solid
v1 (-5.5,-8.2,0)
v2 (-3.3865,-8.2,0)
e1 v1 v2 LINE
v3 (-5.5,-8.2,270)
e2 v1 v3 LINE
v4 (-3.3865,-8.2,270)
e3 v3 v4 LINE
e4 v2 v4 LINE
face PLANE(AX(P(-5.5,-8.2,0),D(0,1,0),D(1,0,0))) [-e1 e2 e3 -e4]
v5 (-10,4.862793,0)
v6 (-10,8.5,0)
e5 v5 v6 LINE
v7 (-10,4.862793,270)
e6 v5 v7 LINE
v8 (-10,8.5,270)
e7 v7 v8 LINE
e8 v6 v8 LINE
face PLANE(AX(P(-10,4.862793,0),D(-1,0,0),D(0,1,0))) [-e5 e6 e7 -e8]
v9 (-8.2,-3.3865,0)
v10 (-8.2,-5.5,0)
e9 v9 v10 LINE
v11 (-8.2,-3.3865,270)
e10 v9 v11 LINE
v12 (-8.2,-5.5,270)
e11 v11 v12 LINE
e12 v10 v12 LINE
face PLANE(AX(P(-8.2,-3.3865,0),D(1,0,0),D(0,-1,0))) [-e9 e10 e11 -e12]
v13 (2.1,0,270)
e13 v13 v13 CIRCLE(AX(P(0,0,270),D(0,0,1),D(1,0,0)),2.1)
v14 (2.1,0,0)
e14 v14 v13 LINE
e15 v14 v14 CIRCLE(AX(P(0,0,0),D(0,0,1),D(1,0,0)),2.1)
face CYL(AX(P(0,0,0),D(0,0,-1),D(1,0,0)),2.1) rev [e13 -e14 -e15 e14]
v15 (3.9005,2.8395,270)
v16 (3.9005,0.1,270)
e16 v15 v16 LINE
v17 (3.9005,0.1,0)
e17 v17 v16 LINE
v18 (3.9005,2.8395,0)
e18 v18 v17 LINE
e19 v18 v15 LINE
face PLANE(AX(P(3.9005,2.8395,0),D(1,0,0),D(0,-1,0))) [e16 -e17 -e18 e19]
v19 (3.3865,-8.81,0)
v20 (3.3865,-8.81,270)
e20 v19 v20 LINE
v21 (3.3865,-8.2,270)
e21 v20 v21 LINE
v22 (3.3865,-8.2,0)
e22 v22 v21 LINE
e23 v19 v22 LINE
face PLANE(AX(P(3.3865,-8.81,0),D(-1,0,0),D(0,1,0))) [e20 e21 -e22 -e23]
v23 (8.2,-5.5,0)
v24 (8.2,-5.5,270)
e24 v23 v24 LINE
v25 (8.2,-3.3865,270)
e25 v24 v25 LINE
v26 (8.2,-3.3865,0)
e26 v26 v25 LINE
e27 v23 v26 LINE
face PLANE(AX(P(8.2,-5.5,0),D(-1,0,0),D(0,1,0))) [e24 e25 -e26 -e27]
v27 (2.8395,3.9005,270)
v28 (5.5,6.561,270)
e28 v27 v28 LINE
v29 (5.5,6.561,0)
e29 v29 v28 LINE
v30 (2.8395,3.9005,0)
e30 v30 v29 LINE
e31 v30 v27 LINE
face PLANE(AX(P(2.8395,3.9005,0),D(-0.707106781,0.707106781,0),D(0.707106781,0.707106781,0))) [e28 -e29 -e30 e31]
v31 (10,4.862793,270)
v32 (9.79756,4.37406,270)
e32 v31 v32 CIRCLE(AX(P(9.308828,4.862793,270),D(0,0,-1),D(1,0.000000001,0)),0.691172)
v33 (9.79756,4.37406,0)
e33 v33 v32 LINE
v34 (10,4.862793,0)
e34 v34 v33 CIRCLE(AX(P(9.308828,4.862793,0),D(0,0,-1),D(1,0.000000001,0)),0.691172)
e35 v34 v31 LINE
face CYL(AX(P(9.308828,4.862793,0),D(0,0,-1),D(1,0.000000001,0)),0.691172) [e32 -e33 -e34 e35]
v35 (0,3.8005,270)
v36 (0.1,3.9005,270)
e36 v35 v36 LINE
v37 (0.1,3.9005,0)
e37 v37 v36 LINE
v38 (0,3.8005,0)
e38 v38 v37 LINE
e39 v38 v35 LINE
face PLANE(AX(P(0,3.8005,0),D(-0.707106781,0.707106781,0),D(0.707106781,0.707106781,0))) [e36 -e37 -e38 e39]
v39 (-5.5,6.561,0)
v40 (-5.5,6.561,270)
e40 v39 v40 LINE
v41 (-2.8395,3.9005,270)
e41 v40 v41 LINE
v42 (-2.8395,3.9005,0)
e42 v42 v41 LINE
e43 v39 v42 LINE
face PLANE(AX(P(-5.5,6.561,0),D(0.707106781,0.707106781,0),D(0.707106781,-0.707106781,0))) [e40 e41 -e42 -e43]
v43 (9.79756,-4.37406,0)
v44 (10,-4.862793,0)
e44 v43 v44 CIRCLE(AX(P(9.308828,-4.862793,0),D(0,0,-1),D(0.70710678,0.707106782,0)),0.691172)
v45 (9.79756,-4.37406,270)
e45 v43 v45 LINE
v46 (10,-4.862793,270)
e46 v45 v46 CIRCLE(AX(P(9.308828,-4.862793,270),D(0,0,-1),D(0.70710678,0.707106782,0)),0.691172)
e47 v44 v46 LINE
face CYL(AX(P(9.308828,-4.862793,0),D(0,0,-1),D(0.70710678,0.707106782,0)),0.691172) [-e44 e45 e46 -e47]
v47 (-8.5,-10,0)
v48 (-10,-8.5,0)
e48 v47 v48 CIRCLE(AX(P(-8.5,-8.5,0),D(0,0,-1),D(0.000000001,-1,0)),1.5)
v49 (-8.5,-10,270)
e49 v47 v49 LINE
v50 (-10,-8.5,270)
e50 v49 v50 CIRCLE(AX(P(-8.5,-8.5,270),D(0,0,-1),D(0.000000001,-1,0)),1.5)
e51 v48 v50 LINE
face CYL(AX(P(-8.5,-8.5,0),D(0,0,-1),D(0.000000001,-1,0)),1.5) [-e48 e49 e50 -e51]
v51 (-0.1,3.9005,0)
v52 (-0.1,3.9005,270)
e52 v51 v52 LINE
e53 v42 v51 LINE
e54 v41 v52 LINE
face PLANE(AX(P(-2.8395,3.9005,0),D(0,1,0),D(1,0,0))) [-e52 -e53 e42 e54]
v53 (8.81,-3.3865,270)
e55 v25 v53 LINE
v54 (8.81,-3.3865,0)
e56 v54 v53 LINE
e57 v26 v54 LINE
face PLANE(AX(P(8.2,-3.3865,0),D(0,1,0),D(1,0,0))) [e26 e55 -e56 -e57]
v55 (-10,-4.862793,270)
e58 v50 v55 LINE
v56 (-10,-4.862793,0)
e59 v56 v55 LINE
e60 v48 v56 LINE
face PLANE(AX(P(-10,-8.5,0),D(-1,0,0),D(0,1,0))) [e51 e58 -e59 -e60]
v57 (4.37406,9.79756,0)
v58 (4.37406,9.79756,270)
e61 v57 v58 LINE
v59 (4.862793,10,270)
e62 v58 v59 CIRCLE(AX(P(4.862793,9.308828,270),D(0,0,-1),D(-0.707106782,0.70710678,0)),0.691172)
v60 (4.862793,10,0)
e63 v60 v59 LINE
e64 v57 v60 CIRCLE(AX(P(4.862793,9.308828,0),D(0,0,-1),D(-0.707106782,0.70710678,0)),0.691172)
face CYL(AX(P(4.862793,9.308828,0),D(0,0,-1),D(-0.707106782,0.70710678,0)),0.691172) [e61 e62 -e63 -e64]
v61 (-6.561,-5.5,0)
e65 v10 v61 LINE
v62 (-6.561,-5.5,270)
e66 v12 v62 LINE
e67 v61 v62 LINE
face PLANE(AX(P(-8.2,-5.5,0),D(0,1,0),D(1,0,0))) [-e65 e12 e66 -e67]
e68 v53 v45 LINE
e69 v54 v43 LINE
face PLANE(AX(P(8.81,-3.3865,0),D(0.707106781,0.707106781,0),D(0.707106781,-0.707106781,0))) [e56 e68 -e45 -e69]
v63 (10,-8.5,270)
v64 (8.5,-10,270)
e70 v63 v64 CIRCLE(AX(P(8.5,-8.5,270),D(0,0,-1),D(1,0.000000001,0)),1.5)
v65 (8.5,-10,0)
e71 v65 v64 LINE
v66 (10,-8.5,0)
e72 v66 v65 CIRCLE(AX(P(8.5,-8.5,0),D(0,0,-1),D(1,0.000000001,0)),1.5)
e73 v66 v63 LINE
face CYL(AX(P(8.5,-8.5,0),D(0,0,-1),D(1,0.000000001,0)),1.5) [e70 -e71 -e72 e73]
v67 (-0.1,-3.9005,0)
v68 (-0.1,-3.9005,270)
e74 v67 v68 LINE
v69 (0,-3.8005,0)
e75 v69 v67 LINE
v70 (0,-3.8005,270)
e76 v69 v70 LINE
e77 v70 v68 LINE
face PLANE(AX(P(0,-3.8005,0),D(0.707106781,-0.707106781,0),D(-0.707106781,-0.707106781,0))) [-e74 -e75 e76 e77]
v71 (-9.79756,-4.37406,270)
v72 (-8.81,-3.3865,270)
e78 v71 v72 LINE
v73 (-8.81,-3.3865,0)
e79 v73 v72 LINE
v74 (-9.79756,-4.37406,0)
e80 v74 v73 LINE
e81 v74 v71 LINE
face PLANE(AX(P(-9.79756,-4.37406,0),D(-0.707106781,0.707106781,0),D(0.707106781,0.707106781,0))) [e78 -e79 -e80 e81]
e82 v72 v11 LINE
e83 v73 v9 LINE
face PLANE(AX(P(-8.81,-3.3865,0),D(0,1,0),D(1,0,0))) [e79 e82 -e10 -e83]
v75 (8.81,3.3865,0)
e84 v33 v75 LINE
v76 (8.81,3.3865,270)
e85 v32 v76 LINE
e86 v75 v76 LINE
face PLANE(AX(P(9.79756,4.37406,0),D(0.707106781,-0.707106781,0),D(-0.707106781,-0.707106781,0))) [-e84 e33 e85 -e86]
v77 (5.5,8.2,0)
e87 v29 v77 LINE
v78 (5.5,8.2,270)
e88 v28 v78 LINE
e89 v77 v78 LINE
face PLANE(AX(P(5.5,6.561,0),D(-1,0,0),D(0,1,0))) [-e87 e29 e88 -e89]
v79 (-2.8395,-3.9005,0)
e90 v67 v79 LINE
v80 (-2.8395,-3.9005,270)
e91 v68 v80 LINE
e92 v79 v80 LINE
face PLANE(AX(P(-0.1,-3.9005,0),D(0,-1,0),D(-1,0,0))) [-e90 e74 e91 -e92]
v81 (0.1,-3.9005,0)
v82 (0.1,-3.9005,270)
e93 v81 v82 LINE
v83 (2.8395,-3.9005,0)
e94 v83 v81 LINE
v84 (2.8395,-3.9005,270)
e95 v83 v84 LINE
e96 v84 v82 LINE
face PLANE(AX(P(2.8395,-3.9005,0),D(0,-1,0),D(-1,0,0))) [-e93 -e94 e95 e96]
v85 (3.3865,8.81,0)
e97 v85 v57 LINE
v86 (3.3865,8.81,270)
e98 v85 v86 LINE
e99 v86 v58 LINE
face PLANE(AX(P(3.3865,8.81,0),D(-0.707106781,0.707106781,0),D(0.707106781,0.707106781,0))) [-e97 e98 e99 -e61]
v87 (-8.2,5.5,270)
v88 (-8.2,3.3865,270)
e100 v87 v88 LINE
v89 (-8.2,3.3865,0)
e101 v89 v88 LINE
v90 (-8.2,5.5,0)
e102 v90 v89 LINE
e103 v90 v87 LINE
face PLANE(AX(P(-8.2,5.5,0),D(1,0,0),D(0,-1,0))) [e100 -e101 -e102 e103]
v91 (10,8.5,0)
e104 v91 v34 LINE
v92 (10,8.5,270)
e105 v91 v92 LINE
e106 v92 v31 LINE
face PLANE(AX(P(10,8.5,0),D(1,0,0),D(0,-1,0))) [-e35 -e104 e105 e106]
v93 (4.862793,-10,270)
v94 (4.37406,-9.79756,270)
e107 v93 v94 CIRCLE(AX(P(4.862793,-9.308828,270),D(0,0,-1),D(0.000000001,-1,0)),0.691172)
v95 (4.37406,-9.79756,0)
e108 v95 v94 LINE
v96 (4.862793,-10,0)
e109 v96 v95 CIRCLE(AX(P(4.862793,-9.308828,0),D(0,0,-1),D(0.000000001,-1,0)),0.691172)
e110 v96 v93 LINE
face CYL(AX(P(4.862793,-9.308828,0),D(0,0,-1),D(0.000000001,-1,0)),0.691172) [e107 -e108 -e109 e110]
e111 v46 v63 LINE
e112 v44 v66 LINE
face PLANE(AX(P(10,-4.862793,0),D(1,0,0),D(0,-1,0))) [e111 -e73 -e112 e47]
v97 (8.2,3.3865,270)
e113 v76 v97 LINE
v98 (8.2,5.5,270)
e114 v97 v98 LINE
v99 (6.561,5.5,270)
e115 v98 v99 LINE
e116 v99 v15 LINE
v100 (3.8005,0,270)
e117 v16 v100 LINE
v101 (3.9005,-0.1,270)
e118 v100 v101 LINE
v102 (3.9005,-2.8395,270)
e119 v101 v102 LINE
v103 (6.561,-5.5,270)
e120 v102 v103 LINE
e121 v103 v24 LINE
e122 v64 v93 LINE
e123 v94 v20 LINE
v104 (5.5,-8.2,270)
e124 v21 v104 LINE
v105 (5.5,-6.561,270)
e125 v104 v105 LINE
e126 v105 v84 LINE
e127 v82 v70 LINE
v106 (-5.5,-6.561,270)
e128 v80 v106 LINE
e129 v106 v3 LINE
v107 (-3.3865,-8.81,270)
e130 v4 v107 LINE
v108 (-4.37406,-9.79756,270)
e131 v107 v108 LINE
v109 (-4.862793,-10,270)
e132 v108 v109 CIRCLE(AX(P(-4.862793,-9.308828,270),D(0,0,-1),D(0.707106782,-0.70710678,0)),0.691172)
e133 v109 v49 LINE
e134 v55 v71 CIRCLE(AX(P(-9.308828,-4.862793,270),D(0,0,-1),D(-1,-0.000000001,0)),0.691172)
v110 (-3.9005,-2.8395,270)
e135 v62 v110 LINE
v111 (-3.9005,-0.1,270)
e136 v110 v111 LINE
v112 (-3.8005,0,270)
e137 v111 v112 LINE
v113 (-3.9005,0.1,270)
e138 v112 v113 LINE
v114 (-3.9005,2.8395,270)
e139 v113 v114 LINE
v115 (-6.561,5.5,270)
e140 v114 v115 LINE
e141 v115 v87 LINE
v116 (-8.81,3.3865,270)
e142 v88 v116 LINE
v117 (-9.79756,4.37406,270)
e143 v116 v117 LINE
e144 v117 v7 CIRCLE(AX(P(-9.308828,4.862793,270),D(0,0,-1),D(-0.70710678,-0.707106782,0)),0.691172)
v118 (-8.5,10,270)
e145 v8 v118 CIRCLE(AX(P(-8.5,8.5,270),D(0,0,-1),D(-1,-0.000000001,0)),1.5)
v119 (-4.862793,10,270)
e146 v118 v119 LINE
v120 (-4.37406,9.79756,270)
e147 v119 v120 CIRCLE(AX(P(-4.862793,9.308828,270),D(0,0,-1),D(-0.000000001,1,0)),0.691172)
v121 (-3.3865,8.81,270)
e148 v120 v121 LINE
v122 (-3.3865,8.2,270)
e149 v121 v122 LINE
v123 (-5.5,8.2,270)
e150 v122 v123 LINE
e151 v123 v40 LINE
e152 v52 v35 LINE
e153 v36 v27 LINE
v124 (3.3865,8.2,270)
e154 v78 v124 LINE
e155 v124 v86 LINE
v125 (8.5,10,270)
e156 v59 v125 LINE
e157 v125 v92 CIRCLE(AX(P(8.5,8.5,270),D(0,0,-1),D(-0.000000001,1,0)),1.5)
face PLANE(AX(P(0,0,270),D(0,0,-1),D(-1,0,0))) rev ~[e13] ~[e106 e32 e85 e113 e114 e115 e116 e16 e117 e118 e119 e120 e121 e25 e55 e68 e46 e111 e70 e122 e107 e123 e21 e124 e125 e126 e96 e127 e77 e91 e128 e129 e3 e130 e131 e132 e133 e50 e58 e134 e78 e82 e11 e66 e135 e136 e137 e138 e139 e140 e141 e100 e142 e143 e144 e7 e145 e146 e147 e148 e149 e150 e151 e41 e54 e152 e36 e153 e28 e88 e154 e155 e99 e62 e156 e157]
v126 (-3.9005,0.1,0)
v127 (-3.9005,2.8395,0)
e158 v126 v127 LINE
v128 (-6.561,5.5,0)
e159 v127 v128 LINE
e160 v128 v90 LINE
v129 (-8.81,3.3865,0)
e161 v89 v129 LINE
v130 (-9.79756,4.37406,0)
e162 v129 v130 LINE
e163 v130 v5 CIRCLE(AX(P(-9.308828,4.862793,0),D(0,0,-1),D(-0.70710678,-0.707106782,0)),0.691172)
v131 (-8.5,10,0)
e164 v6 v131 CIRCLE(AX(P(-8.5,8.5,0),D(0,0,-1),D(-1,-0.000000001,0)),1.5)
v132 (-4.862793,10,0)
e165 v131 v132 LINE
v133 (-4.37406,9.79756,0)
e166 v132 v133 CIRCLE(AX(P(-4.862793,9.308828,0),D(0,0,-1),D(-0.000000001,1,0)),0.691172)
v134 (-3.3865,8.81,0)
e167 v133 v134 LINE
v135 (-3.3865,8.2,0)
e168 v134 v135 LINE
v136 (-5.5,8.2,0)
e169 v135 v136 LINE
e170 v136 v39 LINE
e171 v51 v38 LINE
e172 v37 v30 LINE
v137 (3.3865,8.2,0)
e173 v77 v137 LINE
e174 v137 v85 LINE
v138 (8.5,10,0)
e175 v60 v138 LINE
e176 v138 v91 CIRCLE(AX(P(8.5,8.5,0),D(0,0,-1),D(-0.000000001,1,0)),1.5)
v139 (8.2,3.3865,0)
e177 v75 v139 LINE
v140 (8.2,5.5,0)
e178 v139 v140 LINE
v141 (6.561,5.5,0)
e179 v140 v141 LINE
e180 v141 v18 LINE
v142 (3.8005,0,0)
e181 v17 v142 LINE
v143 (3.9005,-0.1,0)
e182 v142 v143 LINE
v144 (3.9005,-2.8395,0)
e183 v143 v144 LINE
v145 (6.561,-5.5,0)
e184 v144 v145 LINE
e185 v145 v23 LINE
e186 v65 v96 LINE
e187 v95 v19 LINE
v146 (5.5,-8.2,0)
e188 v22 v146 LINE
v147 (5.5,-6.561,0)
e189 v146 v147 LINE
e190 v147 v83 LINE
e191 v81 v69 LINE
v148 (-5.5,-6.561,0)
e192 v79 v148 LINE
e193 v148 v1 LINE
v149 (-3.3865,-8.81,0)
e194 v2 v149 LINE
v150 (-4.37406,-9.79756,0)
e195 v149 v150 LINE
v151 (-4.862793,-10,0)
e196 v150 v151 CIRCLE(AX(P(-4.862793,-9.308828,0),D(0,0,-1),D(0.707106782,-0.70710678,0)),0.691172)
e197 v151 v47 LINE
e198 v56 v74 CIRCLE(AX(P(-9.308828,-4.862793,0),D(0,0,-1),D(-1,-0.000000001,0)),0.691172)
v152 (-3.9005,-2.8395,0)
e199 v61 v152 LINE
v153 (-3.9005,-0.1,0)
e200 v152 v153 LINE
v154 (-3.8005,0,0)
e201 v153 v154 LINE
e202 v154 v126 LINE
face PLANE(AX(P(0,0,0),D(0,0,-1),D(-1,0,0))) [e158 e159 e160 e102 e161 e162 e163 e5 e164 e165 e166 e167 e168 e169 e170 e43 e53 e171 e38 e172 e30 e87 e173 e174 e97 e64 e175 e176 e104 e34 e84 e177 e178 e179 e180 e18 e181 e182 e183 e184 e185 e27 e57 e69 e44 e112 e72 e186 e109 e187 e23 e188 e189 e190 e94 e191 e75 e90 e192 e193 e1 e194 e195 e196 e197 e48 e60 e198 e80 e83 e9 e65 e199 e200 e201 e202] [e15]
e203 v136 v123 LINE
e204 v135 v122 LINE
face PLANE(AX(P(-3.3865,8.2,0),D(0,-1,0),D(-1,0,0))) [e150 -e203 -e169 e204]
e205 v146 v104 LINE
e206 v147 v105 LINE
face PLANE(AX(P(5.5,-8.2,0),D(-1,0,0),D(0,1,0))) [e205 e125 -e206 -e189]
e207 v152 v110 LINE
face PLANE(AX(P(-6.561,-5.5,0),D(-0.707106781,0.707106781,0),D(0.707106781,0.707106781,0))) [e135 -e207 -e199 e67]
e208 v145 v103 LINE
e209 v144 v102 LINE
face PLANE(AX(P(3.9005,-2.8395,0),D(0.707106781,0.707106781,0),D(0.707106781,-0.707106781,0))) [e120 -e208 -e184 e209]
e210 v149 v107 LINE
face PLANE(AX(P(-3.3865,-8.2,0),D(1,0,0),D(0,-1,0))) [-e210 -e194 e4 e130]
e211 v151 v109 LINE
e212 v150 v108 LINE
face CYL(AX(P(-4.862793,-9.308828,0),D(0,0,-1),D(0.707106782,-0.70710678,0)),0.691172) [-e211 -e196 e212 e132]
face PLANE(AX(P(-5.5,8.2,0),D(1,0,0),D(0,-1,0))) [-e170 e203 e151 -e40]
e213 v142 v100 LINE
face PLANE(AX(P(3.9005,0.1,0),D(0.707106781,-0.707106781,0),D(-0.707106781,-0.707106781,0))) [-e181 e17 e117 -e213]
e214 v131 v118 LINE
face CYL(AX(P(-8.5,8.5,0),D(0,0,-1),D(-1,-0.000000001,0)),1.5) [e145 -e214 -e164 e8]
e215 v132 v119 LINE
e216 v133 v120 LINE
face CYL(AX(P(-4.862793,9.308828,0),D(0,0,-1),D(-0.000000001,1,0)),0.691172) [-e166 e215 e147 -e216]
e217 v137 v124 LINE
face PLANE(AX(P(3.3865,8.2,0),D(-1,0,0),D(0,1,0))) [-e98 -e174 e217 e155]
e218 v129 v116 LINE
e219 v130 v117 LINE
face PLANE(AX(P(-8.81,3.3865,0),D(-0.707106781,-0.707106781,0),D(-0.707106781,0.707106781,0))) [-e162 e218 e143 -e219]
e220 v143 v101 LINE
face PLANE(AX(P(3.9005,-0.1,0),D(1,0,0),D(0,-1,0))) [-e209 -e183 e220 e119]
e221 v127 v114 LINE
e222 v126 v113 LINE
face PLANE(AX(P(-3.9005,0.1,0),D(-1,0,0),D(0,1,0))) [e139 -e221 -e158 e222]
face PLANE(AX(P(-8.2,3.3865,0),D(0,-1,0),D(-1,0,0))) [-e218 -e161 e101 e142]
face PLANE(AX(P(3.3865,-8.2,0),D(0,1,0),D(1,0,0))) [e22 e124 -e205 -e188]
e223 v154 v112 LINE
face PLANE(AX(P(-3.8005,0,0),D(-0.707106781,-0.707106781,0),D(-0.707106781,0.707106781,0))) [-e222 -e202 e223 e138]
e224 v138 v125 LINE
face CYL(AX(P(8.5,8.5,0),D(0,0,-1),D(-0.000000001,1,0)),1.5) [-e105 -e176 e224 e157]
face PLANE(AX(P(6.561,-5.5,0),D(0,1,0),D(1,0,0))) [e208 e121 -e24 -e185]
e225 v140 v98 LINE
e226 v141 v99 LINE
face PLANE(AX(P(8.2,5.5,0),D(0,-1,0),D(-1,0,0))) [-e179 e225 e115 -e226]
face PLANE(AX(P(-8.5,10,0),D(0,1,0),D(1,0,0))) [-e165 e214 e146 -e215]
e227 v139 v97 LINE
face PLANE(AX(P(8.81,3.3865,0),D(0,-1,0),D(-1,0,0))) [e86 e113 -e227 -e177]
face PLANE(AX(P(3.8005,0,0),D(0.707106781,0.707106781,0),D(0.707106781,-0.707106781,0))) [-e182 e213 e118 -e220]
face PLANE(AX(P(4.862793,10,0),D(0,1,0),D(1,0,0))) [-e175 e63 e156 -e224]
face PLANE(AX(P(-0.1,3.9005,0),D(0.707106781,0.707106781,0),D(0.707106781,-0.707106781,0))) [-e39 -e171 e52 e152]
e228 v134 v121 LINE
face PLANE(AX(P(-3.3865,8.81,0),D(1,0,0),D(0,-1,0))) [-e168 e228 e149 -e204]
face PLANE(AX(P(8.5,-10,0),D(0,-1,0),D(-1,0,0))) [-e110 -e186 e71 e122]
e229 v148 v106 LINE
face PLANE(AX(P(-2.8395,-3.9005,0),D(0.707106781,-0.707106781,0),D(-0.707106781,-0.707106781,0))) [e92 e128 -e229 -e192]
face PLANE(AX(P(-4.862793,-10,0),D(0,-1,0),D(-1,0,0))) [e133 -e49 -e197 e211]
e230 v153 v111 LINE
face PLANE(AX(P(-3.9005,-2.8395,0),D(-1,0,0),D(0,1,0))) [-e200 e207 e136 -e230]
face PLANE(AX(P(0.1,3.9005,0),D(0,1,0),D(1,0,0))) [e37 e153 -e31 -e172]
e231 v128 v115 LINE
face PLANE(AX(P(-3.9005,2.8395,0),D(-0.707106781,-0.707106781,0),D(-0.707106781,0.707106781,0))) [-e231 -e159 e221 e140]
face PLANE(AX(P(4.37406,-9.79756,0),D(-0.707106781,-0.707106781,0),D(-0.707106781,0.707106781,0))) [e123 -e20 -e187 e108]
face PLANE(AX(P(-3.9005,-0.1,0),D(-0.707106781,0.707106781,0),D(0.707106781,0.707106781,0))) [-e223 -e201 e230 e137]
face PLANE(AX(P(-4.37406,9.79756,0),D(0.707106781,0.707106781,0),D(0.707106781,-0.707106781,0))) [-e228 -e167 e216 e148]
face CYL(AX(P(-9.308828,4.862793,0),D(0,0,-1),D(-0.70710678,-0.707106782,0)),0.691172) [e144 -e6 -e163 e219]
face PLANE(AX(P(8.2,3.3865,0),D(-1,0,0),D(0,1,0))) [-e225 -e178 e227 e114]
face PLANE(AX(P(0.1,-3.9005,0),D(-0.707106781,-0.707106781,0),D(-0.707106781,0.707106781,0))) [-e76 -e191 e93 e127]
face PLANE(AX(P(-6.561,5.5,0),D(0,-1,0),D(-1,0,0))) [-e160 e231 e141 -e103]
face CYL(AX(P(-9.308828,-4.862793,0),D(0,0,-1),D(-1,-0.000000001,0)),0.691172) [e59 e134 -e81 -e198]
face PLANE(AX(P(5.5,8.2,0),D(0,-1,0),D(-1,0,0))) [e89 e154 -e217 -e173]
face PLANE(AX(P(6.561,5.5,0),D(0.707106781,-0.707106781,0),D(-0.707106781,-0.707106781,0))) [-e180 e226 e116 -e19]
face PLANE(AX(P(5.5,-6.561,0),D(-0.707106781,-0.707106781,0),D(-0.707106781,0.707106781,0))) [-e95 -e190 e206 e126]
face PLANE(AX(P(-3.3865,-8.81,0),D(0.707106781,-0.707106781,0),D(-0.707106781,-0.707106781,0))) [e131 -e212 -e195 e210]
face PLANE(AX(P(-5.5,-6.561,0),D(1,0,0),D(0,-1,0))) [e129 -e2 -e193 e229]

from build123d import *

# Parameters (mm, degrees)
SKETCH1_R           = 2.1
BOSS_EXTRUDE1_DEPTH = 270


with BuildPart() as part:
    # Sketch1 → Boss-Extrude1 (new body)
    with BuildSketch(Plane.XY):
        with BuildLine():
            Line((-8.5, 10), (-4.862792737, 10))
            ThreePointArc((-4.862792737, 10), (-4.598292737, 9.947387679), (-4.374060464, 9.797560464))
            Line((-4.374060464, 9.797560464), (-3.3865, 8.81))
            Line((-3.3865, 8.81), (-3.3865, 8.2))
            Line((-3.3865, 8.2), (-5.5, 8.2))
            Line((-5.5, 8.2), (-5.5, 6.561))
            Line((-5.5, 6.561), (-2.8395, 3.9005))
            Line((-2.8395, 3.9005), (-0.1, 3.9005))
            Line((-0.1, 3.9005), (0, 3.8005))
            Line((0, 3.8005), (0.1, 3.9005))
            Line((0.1, 3.9005), (2.8395, 3.9005))
            Line((2.8395, 3.9005), (5.5, 6.561))
            Line((5.5, 6.561), (5.5, 8.2))
            Line((5.5, 8.2), (3.3865, 8.2))
            Line((3.3865, 8.2), (3.3865, 8.81))
            Line((3.3865, 8.81), (4.374060464, 9.797560464))
            ThreePointArc((4.374060464, 9.797560464), (4.598292737, 9.947387679), (4.862792737, 10))
            Line((4.862792737, 10), (8.5, 10))
            ThreePointArc((8.5, 10), (9.560660172, 9.560660172), (10, 8.5))
            Line((10, 8.5), (10, 4.862792737))
            ThreePointArc((10, 4.862792737), (9.947387679, 4.598292737), (9.797560464, 4.374060464))
            Line((9.797560464, 4.374060464), (8.81, 3.3865))
            Line((8.81, 3.3865), (8.2, 3.3865))
            Line((8.2, 3.3865), (8.2, 5.5))
            Line((8.2, 5.5), (6.561, 5.5))
            Line((6.561, 5.5), (3.9005, 2.8395))
            Line((3.9005, 2.8395), (3.9005, 0.1))
            Line((3.9005, 0.1), (3.8005, 0))
            Line((3.8005, 0), (3.9005, -0.1))
            Line((3.9005, -0.1), (3.9005, -2.8395))
            Line((3.9005, -2.8395), (6.561, -5.5))
            Line((6.561, -5.5), (8.2, -5.5))
            Line((8.2, -5.5), (8.2, -3.3865))
            Line((8.2, -3.3865), (8.81, -3.3865))
            Line((8.81, -3.3865), (9.797560464, -4.374060464))
            ThreePointArc((9.797560464, -4.374060464), (9.947387679, -4.598292737), (10, -4.862792737))
            Line((10, -4.862792737), (10, -8.5))
            ThreePointArc((10, -8.5), (9.560660172, -9.560660172), (8.5, -10))
            Line((8.5, -10), (4.862792737, -10))
            ThreePointArc((4.862792737, -10), (4.598292737, -9.947387679), (4.374060464, -9.797560464))
            Line((4.374060464, -9.797560464), (3.3865, -8.81))
            Line((3.3865, -8.81), (3.3865, -8.2))
            Line((3.3865, -8.2), (5.5, -8.2))
            Line((5.5, -8.2), (5.5, -6.561))
            Line((5.5, -6.561), (2.8395, -3.9005))
            Line((2.8395, -3.9005), (0.1, -3.9005))
            Line((0.1, -3.9005), (0, -3.8005))
            Line((0, -3.8005), (-0.1, -3.9005))
            Line((-0.1, -3.9005), (-2.8395, -3.9005))
            Line((-2.8395, -3.9005), (-5.5, -6.561))
            Line((-5.5, -6.561), (-5.5, -8.2))
            Line((-5.5, -8.2), (-3.3865, -8.2))
            Line((-3.3865, -8.2), (-3.3865, -8.81))
            Line((-3.3865, -8.81), (-4.374060464, -9.797560464))
            ThreePointArc((-4.374060464, -9.797560464), (-4.598292737, -9.947387679), (-4.862792737, -10))
            Line((-4.862792737, -10), (-8.5, -10))
            ThreePointArc((-8.5, -10), (-9.560660172, -9.560660172), (-10, -8.5))
            Line((-10, -8.5), (-10, -4.862792737))
            ThreePointArc((-10, -4.862792737), (-9.947387679, -4.598292737), (-9.797560464, -4.374060464))
            Line((-9.797560464, -4.374060464), (-8.81, -3.3865))
            Line((-8.81, -3.3865), (-8.2, -3.3865))
            Line((-8.2, -3.3865), (-8.2, -5.5))
            Line((-8.2, -5.5), (-6.561, -5.5))
            Line((-6.561, -5.5), (-3.9005, -2.8395))
            Line((-3.9005, -2.8395), (-3.9005, -0.1))
            Line((-3.9005, -0.1), (-3.8005, 0))
            Line((-3.8005, 0), (-3.9005, 0.1))
            Line((-3.9005, 0.1), (-3.9005, 2.8395))
            Line((-3.9005, 2.8395), (-6.561, 5.5))
            Line((-6.561, 5.5), (-8.2, 5.5))
            Line((-8.2, 5.5), (-8.2, 3.3865))
            Line((-8.2, 3.3865), (-8.81, 3.3865))
            Line((-8.81, 3.3865), (-9.797560464, 4.374060464))
            ThreePointArc((-9.797560464, 4.374060464), (-9.947387679, 4.598292737), (-10, 4.862792737))
            Line((-10, 4.862792737), (-10, 8.5))
            ThreePointArc((-10, 8.5), (-9.560660172, 9.560660172), (-8.5, 10))
        make_face()
        Circle(SKETCH1_R, mode=Mode.SUBTRACT)
    extrude(amount=BOSS_EXTRUDE1_DEPTH)


solid = part.part
